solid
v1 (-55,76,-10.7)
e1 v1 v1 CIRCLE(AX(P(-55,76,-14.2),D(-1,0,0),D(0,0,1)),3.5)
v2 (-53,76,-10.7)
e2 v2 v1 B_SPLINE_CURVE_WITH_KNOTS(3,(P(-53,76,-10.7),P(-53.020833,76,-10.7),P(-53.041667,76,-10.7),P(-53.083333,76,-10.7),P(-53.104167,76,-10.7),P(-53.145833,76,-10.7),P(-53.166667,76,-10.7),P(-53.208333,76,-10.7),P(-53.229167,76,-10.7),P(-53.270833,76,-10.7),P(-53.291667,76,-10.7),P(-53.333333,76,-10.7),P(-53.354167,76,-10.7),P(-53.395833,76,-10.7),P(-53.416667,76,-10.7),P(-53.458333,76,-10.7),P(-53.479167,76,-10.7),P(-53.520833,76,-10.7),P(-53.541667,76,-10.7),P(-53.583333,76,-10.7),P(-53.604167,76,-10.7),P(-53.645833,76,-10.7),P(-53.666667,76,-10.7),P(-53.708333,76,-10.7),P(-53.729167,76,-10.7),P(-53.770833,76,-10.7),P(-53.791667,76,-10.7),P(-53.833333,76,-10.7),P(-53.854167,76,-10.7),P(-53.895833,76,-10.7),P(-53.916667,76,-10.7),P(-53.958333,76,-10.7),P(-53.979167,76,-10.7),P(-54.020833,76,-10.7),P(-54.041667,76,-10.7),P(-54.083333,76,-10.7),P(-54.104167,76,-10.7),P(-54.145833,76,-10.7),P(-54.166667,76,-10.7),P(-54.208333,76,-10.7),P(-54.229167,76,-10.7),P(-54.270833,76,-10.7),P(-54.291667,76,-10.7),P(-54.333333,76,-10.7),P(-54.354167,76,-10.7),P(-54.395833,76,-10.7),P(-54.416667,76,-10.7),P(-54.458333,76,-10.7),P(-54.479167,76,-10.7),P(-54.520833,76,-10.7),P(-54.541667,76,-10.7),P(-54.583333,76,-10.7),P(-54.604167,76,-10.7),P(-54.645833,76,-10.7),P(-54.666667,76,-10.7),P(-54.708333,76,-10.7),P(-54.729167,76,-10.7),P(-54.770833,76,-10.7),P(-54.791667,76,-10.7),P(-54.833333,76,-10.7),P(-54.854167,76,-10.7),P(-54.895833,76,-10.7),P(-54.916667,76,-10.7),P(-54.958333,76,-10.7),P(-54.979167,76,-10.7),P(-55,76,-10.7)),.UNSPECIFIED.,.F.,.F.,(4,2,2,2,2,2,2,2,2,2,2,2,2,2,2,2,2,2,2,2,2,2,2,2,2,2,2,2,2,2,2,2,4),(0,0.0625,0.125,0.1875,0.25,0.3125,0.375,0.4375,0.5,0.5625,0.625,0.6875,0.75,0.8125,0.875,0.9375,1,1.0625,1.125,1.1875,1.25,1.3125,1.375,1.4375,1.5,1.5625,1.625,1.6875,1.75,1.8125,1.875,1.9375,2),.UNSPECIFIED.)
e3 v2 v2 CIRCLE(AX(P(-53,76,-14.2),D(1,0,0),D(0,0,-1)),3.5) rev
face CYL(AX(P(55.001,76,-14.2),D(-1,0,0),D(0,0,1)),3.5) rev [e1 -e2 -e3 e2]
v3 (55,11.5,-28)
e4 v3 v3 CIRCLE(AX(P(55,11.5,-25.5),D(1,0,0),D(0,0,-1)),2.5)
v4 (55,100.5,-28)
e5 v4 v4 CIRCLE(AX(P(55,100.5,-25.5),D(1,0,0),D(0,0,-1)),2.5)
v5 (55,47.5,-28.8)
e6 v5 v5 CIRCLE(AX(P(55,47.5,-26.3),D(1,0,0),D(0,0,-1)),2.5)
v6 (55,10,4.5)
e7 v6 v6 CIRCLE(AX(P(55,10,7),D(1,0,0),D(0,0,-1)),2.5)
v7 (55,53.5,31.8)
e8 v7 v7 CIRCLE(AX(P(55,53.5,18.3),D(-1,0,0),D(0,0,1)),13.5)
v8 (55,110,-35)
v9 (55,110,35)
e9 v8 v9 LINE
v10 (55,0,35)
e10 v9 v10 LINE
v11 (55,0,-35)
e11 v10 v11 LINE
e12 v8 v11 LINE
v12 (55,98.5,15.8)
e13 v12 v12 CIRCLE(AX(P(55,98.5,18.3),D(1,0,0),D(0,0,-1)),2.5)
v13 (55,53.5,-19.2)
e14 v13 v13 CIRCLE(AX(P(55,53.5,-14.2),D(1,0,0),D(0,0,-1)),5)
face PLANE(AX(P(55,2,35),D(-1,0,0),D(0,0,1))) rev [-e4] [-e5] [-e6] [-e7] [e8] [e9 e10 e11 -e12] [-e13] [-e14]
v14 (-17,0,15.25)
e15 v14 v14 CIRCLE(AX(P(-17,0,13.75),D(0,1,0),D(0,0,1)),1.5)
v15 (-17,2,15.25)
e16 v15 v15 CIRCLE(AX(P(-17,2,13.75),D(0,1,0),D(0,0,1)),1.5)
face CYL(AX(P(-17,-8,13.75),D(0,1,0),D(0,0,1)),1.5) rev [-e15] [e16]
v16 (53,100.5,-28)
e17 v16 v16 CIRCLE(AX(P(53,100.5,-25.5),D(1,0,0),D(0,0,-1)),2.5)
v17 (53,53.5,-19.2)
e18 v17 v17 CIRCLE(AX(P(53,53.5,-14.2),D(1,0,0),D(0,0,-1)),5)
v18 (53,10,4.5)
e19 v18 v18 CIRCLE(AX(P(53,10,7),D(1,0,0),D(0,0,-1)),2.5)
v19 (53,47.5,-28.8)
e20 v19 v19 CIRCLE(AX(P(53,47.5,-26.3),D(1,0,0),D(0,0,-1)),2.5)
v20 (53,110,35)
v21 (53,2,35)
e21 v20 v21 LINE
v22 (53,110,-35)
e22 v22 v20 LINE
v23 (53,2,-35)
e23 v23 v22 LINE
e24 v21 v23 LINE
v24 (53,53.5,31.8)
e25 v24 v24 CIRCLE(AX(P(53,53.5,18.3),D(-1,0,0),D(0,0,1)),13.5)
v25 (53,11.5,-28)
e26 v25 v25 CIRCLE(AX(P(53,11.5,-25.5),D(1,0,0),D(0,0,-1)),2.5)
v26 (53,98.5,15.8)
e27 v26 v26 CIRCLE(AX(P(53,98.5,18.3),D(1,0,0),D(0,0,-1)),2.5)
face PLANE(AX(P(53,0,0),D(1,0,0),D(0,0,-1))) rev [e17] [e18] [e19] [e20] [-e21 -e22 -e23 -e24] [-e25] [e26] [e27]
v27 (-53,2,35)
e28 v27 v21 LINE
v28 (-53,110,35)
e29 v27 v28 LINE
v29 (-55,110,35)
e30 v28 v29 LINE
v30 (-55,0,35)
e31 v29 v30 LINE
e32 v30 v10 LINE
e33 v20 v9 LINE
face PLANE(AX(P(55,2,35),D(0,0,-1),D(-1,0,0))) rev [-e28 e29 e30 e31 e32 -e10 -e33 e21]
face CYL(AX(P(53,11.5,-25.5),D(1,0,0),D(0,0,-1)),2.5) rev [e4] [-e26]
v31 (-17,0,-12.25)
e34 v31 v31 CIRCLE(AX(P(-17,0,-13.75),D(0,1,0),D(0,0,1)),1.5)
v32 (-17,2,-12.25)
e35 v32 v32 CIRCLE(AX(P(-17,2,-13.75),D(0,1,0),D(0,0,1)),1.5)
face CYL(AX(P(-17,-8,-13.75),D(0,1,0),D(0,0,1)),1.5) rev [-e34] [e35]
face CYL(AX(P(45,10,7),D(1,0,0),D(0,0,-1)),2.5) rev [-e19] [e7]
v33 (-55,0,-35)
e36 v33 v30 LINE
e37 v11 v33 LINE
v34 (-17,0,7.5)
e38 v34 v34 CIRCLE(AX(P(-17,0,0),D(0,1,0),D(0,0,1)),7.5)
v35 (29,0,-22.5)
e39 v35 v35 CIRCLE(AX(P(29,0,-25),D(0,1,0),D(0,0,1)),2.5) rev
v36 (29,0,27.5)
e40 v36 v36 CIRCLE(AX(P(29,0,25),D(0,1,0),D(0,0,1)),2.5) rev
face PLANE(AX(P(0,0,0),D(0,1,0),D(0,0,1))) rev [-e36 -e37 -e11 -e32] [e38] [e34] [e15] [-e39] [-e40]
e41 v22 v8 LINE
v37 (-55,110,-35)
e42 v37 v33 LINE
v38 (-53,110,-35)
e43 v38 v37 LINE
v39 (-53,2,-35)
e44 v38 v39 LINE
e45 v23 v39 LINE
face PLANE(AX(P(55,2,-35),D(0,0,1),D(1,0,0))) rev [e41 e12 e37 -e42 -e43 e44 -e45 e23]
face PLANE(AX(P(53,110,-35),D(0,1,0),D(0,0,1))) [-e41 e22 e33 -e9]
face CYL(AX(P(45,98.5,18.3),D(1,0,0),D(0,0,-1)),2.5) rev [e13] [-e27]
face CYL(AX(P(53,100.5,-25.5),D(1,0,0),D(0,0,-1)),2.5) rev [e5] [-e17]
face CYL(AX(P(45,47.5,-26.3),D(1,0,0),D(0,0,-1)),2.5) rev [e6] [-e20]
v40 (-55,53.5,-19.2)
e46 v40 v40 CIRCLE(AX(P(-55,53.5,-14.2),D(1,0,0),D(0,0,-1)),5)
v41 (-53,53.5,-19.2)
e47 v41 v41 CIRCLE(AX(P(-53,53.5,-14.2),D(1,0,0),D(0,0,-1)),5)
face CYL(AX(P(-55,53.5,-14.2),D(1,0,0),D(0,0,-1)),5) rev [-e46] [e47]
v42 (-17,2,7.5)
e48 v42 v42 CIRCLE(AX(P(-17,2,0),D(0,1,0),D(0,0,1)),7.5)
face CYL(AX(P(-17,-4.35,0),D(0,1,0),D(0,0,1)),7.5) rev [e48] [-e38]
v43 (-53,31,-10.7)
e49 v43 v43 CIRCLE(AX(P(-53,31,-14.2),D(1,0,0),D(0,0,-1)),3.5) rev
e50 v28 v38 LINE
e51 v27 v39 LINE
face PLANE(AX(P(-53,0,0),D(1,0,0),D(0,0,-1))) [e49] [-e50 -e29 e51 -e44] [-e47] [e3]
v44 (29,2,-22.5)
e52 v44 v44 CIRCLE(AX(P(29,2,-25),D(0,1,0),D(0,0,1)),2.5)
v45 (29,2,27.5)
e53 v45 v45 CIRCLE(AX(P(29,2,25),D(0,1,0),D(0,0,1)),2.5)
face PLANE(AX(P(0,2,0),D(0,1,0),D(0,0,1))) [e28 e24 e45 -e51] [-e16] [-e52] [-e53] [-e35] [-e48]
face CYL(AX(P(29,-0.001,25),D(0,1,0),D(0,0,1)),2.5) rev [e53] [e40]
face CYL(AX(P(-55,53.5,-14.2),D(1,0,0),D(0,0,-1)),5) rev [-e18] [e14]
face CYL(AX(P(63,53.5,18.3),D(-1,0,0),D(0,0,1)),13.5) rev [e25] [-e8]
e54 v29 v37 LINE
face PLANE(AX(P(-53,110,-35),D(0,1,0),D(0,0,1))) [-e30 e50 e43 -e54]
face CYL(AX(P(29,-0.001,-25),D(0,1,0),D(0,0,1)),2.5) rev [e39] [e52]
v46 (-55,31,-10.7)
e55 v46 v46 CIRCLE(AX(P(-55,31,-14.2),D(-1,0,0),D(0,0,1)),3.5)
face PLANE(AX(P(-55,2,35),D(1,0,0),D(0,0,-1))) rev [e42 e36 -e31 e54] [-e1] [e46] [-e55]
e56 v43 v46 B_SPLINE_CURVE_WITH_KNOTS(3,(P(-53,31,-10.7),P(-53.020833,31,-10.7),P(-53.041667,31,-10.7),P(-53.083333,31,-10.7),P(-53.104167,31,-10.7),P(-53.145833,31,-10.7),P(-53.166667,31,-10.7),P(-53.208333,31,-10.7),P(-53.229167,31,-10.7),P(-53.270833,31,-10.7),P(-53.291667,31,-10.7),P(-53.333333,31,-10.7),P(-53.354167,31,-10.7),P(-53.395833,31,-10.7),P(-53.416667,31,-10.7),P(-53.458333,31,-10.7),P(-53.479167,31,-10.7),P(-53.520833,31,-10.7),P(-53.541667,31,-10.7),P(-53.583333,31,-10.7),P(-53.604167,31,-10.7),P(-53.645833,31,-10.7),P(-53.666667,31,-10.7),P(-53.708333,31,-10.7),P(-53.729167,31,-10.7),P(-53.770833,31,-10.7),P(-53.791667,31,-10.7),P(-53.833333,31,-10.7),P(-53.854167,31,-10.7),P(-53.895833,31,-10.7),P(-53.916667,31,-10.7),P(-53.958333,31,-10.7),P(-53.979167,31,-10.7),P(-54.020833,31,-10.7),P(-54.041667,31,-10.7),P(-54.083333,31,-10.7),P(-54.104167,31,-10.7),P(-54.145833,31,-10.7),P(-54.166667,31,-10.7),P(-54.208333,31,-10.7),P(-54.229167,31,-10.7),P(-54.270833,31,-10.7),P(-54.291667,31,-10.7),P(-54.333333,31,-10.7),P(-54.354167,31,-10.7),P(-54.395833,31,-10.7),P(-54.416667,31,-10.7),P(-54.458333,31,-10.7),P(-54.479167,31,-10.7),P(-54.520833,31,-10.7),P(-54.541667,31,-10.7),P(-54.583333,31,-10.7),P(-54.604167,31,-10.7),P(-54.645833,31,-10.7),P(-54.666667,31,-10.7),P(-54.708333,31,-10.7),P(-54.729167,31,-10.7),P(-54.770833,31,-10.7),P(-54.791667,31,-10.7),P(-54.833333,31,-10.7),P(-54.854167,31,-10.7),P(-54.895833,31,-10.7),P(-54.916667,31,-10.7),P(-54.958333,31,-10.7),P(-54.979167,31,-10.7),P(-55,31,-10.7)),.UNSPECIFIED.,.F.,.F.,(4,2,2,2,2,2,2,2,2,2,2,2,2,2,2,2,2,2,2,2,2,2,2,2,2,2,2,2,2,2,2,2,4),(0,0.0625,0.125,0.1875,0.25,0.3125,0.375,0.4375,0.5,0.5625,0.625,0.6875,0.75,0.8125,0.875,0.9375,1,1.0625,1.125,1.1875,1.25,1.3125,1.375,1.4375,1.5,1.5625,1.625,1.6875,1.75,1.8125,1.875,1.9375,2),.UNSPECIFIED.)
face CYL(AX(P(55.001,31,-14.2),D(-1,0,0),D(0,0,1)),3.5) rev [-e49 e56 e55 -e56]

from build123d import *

# Parameters (mm, degrees)
ESBO_O1_W                = 110
ESBO_O1_H                = 70
RESSALTO_EXTRUS_O1_DEPTH = 2
ESBO_O2_W                = 70
ESBO_O2_H                = 110
RESSALTO_EXTRUS_O2_DEPTH = 2
ESBO_O3_W                = 70
ESBO_O3_H                = 110
RESSALTO_EXTRUS_O3_DEPTH = 2
ESBO_O4_R                = 7.5
CORTE_EXTRUS_O1_DEPTH    = 6.35
ESBO_O5_R                = 2.5
CORTE_EXTRUS_O2_DEPTH    = 10
ESBO_O6_R                = 2.5
CORTE_EXTRUS_O3_DEPTH    = 10
ESBO_O7_R                = 13.5
ESBO_O7_R_2              = 1
CORTE_EXTRUS_O5_DEPTH    = 10
ESBO_O9_R                = 5
CORTE_EXTRUS_O6_DEPTH    = 160.452187191
ESBO_O10_R               = 2.5
CORTE_EXTRUS_O7_DEPTH    = 2
CORTE_EXTRUS_O11_REACH   = 128.151
ESBO_O18_R               = 2.5
ESBO_O19_R               = 1.5
CORTE_EXTRUS_O12_DEPTH   = 10
CORTE_EXTRUS_O13_REACH   = 161.452


with BuildPart() as part:
    # Esboço1 → Ressalto-extrusão1 (new body)
    with BuildSketch(Plane(origin=(0, 0, 0), x_dir=(1, 0, 0), z_dir=(0, 1, 0))):
        Rectangle(ESBO_O1_W, ESBO_O1_H)
    extrude(amount=RESSALTO_EXTRUS_O1_DEPTH)

    # Esboço2 → Ressalto-extrusão2 (add)
    with BuildSketch(Plane.ZY.offset(55)):
        with Locations((0, 55)):
            Rectangle(ESBO_O2_W, ESBO_O2_H)
    extrude(amount=-RESSALTO_EXTRUS_O2_DEPTH)

    # Esboço3 → Ressalto-extrusão3 (add)
    with BuildSketch(Plane(origin=(55, 0, 0), x_dir=(0, 0, -1), z_dir=(1, 0, 0))):
        with Locations((0, 55)):
            Rectangle(ESBO_O3_W, ESBO_O3_H)
    extrude(amount=-RESSALTO_EXTRUS_O3_DEPTH)

    # Esboço4 → Corte-extrusão1 (cut)
    with BuildSketch(Plane(origin=(0, 2, 0), x_dir=(1, 0, 0), z_dir=(0, 1, 0))):
        with Locations(Location((-17, 0, 0), (0, 0, 270))):
            Circle(ESBO_O4_R)
    extrude(amount=-CORTE_EXTRUS_O1_DEPTH, mode=Mode.SUBTRACT)

    # Esboço5 → Corte-extrusão2 (cut)
    with BuildSketch(Plane(origin=(55, 0, 0), x_dir=(0, 0, -1), z_dir=(1, 0, 0))):
        with Locations((-7, 10)):
            Circle(ESBO_O5_R)
    extrude(amount=-CORTE_EXTRUS_O2_DEPTH, mode=Mode.SUBTRACT)

    # Esboço6 → Corte-extrusão3 (cut)
    with BuildSketch(Plane(origin=(55, 0, 0), x_dir=(0, 0, -1), z_dir=(1, 0, 0))):
        with Locations((-18.3, 98.5)):
            Circle(ESBO_O6_R)
        with Locations((26.3, 47.5)):
            Circle(ESBO_O6_R)
    extrude(amount=-CORTE_EXTRUS_O3_DEPTH, mode=Mode.SUBTRACT)

    # Esboço7 → Corte-extrusão5 (cut)
    with BuildSketch(Plane.ZY.offset(-53)):
        with Locations((18.3, 53.5)):
            Circle(ESBO_O7_R)
        with Locations((18.3, 53.5)):
            Circle(ESBO_O7_R_2, mode=Mode.SUBTRACT)
        with Locations((18.3, 53.5)):
            Circle(ESBO_O7_R_2)
    extrude(amount=-CORTE_EXTRUS_O5_DEPTH, mode=Mode.SUBTRACT)

    # Esboço9 → Corte-extrusão6 (cut, through all)
    with BuildSketch(Plane(origin=(55, 0, 0), x_dir=(0, 0, -1), z_dir=(1, 0, 0))):
        with Locations((14.2, 53.5)):
            Circle(ESBO_O9_R)
    extrude(amount=-CORTE_EXTRUS_O6_DEPTH, mode=Mode.SUBTRACT)

    # Esboço10 → Corte-extrusão7 (cut)
    with BuildSketch(Plane(origin=(55, 0, 0), x_dir=(0, 0, -1), z_dir=(1, 0, 0))):
        with Locations((25.5, 11.5)):
            Circle(ESBO_O10_R)
        with Locations((25.5, 100.5)):
            Circle(ESBO_O10_R)
    extrude(amount=-CORTE_EXTRUS_O7_DEPTH, mode=Mode.SUBTRACT)

    # Esboço18 → Corte-extrusão11 (cut, up to next)
    with BuildSketch(Plane(origin=(0, 2, 0), x_dir=(1, 0, 0), z_dir=(0, 1, 0)), mode=Mode.PRIVATE) as corte_extrus_o11_sk1:
        with Locations(Location((29, 25, 0), (0, 0, 270))):
            Circle(ESBO_O18_R)
    corte_extrus_o11_tool1 = extrude(corte_extrus_o11_sk1.sketch, amount=-CORTE_EXTRUS_O11_REACH, mode=Mode.PRIVATE) & part.part
    # Esboço18 → Corte-extrusão11 (cut, up to next)
    with BuildSketch(Plane(origin=(0, 2, 0), x_dir=(1, 0, 0), z_dir=(0, 1, 0)), mode=Mode.PRIVATE) as corte_extrus_o11_sk2:
        with Locations(Location((29, -25, 0), (0, 0, 270))):
            Circle(ESBO_O18_R)
    corte_extrus_o11_tool2 = extrude(corte_extrus_o11_sk2.sketch, amount=-CORTE_EXTRUS_O11_REACH, mode=Mode.PRIVATE) & part.part
    add(corte_extrus_o11_tool1.solids().sort_by_distance((29, 2, -25))[0], mode=Mode.SUBTRACT)
    add(corte_extrus_o11_tool2.solids().sort_by_distance((29, 2, 25))[0], mode=Mode.SUBTRACT)

    # Esboço19 → Corte-extrusão12 (cut)
    with BuildSketch(Plane(origin=(0, 2, 0), x_dir=(1, 0, 0), z_dir=(0, 1, 0))):
        with Locations(Location((-17, 13.75, 0), (0, 0, 270))):
            Circle(ESBO_O19_R)
        with Locations(Location((-17, -13.75, 0), (0, 0, 270))):
            Circle(ESBO_O19_R)
    extrude(amount=-CORTE_EXTRUS_O12_DEPTH, mode=Mode.SUBTRACT)

    # Esboço20 → Corte-extrusão13 (cut, up to next)
    with BuildSketch(Plane.ZY.offset(55), mode=Mode.PRIVATE) as corte_extrus_o13_sk1:
        with BuildLine():
            ThreePointArc((-17.7, 31), (-14.2, 27.5), (-10.7, 31))
            ThreePointArc((-10.7, 31), (-14.2, 34.5), (-17.7, 31))
        make_face()
    corte_extrus_o13_tool1 = extrude(corte_extrus_o13_sk1.sketch, amount=-CORTE_EXTRUS_O13_REACH, mode=Mode.PRIVATE) & part.part
    # Esboço20 → Corte-extrusão13 (cut, up to next)
    with BuildSketch(Plane.ZY.offset(55), mode=Mode.PRIVATE) as corte_extrus_o13_sk2:
        with BuildLine():
            ThreePointArc((-17.7, 76), (-14.2, 72.5), (-10.7, 76))
            ThreePointArc((-10.7, 76), (-14.2, 79.5), (-17.7, 76))
        make_face()
    corte_extrus_o13_tool2 = extrude(corte_extrus_o13_sk2.sketch, amount=-CORTE_EXTRUS_O13_REACH, mode=Mode.PRIVATE) & part.part
    add(corte_extrus_o13_tool1.solids().sort_by_distance((-55, 31, -14.2))[0], mode=Mode.SUBTRACT)
    add(corte_extrus_o13_tool2.solids().sort_by_distance((-55, 76, -14.2))[0], mode=Mode.SUBTRACT)


solid = part.part
